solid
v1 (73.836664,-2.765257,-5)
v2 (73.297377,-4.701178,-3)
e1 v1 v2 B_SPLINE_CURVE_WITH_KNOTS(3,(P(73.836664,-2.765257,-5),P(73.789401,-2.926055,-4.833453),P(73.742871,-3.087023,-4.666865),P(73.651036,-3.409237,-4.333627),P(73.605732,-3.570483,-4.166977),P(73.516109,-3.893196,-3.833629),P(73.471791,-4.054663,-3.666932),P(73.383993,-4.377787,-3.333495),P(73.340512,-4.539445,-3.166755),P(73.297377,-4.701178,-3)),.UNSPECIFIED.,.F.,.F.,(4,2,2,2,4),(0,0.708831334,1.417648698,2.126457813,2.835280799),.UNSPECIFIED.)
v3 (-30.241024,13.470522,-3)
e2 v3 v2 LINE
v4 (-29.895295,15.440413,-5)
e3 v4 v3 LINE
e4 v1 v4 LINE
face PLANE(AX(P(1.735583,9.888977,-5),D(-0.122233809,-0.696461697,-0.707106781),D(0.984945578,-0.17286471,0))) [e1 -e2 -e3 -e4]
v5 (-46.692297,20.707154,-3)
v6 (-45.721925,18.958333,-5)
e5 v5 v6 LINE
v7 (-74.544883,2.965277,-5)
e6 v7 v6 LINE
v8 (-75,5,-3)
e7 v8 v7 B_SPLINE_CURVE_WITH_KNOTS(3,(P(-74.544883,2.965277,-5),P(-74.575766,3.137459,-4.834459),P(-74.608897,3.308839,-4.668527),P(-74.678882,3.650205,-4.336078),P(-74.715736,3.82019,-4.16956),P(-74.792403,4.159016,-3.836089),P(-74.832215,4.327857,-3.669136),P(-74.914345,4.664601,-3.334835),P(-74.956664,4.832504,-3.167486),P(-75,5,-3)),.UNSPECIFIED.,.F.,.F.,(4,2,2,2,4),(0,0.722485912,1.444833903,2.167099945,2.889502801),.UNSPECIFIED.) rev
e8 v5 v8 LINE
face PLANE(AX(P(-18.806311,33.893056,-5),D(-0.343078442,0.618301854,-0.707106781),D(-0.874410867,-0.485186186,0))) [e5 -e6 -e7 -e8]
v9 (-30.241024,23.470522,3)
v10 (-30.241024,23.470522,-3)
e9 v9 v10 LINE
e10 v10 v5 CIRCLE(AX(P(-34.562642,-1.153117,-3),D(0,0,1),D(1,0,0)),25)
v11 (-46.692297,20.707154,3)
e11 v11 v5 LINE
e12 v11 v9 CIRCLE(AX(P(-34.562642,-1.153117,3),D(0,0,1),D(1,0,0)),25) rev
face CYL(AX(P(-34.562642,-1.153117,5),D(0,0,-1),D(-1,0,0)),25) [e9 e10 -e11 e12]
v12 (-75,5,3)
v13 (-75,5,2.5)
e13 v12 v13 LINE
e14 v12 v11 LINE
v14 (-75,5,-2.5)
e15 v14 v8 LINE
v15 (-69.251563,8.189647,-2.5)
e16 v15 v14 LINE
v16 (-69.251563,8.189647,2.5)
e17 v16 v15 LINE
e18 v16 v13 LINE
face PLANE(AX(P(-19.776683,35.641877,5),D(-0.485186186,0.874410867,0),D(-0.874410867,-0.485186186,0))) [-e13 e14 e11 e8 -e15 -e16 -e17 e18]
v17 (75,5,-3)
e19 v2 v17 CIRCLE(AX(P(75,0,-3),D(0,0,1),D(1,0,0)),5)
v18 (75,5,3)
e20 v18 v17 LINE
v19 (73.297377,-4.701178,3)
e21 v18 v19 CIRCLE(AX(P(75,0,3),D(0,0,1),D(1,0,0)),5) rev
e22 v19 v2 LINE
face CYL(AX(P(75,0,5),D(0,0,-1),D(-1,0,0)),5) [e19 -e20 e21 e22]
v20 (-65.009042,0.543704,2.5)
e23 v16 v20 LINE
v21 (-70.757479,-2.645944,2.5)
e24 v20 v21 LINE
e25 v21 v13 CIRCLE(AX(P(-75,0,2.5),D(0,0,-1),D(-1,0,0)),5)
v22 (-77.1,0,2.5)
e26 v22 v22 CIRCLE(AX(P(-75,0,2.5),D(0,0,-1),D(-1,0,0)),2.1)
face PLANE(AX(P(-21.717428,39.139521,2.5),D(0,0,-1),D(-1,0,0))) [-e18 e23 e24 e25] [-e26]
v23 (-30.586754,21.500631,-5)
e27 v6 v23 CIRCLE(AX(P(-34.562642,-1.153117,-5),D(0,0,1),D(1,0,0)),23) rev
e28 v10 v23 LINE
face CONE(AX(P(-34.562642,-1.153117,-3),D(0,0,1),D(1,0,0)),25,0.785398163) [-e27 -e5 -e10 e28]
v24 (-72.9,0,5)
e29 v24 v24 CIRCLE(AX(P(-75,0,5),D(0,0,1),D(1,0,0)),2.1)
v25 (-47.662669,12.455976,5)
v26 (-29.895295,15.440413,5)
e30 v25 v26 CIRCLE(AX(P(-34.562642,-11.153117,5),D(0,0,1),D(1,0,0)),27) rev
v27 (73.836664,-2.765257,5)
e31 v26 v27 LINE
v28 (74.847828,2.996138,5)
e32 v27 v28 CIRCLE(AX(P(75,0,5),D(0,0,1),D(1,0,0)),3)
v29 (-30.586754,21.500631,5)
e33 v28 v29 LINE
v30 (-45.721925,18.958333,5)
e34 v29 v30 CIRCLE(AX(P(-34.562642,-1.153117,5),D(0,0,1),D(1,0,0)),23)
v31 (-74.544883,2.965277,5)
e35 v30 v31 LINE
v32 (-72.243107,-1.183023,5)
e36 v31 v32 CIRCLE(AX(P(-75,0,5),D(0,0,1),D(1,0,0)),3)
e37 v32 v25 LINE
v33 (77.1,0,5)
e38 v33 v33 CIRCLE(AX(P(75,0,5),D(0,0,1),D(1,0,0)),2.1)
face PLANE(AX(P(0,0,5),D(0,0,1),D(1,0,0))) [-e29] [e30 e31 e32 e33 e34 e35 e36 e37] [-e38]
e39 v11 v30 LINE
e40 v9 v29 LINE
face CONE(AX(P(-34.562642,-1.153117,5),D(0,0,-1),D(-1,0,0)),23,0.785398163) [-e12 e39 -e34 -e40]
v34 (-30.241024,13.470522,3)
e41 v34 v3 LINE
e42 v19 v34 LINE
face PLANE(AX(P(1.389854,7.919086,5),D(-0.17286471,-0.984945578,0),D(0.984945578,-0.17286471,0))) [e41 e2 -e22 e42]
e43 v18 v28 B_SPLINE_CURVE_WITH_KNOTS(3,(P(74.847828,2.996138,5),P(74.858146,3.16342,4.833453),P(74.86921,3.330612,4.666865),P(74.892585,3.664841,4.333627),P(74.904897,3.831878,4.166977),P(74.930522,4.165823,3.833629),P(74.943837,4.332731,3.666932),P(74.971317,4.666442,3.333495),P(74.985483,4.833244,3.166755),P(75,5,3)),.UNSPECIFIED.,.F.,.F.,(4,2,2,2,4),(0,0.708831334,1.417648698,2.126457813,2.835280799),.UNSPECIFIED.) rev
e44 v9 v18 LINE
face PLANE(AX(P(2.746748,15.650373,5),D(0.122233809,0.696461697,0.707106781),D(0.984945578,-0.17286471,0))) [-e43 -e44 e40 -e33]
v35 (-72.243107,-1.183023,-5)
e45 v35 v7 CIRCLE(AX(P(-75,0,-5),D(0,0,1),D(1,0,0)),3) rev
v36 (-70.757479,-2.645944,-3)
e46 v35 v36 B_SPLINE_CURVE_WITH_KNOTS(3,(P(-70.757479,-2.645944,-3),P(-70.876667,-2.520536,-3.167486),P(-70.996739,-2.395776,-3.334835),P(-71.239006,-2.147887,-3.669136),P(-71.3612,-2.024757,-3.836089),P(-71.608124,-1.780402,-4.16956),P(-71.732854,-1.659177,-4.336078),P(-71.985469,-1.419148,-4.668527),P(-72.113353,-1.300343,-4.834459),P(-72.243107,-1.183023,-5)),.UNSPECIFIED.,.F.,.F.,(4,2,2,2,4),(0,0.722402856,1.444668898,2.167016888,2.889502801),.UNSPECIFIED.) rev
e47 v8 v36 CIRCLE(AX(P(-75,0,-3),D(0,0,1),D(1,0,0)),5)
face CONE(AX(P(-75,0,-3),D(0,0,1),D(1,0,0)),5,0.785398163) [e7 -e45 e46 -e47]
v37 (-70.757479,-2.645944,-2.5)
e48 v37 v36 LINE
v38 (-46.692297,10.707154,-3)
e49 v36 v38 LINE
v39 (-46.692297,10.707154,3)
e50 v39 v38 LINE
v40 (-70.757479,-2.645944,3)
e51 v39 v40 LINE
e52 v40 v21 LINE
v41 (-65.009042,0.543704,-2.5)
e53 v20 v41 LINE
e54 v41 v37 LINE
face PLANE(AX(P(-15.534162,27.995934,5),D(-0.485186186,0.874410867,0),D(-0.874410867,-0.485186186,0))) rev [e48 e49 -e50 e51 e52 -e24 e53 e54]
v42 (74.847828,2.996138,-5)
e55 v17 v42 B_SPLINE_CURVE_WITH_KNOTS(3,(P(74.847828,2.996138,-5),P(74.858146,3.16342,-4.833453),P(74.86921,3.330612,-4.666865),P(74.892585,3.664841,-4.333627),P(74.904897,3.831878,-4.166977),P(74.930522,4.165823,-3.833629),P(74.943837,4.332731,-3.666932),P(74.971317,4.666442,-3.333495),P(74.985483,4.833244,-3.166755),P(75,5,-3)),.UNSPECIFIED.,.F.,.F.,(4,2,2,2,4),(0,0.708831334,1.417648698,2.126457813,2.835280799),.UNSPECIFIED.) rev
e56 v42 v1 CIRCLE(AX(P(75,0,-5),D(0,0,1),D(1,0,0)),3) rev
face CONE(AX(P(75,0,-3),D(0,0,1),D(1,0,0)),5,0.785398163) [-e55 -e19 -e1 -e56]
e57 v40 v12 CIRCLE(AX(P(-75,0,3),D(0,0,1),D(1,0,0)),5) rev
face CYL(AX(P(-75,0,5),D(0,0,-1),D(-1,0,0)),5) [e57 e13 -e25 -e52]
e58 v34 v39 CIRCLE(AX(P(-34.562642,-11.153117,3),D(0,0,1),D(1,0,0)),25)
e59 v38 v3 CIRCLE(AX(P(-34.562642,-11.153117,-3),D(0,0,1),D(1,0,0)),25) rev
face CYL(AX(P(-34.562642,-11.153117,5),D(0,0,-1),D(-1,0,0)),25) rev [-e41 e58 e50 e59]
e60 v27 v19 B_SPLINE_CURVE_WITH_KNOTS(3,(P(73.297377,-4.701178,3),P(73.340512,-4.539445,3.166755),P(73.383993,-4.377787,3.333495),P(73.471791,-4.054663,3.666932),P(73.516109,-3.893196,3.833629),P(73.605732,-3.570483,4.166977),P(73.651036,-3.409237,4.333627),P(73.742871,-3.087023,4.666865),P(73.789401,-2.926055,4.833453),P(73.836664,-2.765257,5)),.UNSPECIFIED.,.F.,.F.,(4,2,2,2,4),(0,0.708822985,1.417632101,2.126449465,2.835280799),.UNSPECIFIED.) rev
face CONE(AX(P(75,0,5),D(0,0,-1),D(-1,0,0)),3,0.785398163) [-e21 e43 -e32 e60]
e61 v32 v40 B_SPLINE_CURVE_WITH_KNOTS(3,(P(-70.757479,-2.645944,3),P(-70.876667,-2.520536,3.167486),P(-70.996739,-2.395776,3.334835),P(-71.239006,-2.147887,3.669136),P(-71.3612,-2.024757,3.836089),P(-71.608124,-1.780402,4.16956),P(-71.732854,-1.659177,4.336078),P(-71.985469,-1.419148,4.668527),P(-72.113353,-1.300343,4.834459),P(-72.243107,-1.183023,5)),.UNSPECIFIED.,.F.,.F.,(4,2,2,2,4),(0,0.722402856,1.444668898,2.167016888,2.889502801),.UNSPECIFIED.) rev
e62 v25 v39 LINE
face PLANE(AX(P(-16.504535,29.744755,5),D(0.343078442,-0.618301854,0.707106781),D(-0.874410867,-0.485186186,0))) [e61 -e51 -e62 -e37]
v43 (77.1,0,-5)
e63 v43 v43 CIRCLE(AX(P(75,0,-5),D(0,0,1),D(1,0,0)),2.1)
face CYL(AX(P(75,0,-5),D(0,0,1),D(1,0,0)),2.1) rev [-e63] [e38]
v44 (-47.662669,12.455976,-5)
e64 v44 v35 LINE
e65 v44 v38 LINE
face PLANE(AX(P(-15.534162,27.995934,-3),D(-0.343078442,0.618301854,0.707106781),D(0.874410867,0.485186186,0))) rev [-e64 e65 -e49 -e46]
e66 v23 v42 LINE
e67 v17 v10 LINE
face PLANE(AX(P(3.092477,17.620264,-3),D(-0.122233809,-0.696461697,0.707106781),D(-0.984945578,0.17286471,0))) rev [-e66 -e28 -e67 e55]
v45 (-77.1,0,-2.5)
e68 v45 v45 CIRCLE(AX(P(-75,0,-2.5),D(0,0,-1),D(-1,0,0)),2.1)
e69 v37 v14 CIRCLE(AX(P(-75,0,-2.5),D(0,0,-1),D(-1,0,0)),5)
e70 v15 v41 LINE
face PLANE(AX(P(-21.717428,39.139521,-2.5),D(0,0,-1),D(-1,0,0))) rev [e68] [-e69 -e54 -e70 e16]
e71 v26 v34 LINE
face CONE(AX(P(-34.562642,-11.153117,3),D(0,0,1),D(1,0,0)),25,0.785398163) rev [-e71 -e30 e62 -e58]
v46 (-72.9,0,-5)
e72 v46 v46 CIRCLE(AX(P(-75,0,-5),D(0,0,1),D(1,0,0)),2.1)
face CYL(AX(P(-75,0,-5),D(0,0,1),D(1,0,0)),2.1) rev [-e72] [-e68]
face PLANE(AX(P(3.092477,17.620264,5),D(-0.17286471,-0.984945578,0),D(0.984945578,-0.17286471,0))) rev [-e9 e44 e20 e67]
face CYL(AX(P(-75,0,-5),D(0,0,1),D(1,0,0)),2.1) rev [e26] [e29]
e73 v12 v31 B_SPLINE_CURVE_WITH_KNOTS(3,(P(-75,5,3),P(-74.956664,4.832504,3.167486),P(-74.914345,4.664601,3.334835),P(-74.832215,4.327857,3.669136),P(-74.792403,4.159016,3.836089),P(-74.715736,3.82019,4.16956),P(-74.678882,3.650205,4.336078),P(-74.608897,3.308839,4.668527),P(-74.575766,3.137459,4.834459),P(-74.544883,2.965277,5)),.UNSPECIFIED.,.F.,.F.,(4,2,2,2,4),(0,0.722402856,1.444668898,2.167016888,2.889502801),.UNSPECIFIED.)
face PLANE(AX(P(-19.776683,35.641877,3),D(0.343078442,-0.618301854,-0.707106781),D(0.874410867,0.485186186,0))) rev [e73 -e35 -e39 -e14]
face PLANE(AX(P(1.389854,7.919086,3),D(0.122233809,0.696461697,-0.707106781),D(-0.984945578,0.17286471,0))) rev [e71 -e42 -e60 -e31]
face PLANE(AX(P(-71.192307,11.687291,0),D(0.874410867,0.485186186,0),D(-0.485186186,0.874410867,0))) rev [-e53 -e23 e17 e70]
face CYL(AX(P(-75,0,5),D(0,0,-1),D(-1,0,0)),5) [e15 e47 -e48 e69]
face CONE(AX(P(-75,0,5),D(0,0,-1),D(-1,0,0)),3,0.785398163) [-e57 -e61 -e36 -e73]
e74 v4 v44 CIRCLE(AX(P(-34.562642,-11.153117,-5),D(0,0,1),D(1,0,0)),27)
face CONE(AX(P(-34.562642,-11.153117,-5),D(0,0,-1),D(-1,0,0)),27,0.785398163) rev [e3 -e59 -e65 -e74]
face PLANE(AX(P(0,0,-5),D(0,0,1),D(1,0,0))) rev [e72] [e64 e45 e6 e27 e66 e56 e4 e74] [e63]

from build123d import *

# Parameters (mm, degrees)
BOSS_EXTRUDE2_DEPTH     = 5
CHAMFER2_SIZE           = 2
CUT_EXTRUDE2_DEPTH      = 4
CUT_EXTRUDE2_DEPTH_BACK = 14
SKETCH3_W               = 18
SKETCH3_H               = 5
SKETCH4_R               = 2.1
CUT_EXTRUDE3_DEPTH      = 85.075405536
CHAMFER3_SIZE           = 2


with BuildPart() as part:
    # Sketch1 → Boss-Extrude2 (new, symmetric)
    with BuildSketch(Plane.XY):
        with BuildLine():
            ThreePointArc((-75, 5), (-79.372054336, -2.425930931), (-70.757479261, -2.645943647))
            Line((-70.757479261, -2.645943647), (-46.692296896, 10.707154411))
            ThreePointArc((-46.692296896, 10.707154411), (-38.703947646, 13.501488579), (-30.241024495, 13.470522187))
            Line((-30.241024495, 13.470522187), (73.297376685, -4.701177921))
            ThreePointArc((73.297376685, -4.701177921), (79.924727891, -0.864323549), (75, 5))
            Line((75, 5), (-30.241024495, 23.470522187))
            ThreePointArc((-30.241024495, 23.470522187), (-38.703947646, 23.501488579), (-46.692296896, 20.707154411))
            Line((-46.692296896, 20.707154411), (-75, 5))
        make_face()
    extrude(amount=BOSS_EXTRUDE2_DEPTH, both=True)

    # Chamfer2
    chamfer2_edges = [part.edges().sort_by_distance(p)[0] for p in [
        (-79.372054336, -2.425930931, -5),
        (-60.846148448, 12.853577206, -5),
        (-38.703947646, 23.501488579, -5),
        (22.379487752, 14.235261094, -5),
        (79.924727891, -0.864323549, -5),
        (21.528176095, 4.384672133, -5),
        (-38.703947646, 13.501488579, -5),
        (-58.724888079, 4.030605382, -5),
    ]]
    chamfer(chamfer2_edges, length=CHAMFER2_SIZE)

    # Sketch3 → Cut-Extrude2 (cut, two sides: drawn at the far end of the back side and taken through both)
    with BuildSketch(Plane(origin=(-19.776683018, 35.641877363, 0), x_dir=(0.8744108672058327, 0.48518618623405146, 0), z_dir=(-0.48518618623405146, 0.8744108672058327, 0)).offset(-CUT_EXTRUDE2_DEPTH_BACK)):
        with Locations((-65.58081504, 0)):
            Rectangle(SKETCH3_W, SKETCH3_H)
    extrude(amount=CUT_EXTRUDE2_DEPTH + CUT_EXTRUDE2_DEPTH_BACK, mode=Mode.SUBTRACT)

    # Sketch4 → Cut-Extrude3 (cut, through all)
    with BuildSketch(Plane.XY.offset(5)):
        with Locations((-75, 0)):
            Circle(SKETCH4_R)
        with Locations((75, 0)):
            Circle(SKETCH4_R)
    extrude(amount=-CUT_EXTRUDE3_DEPTH, mode=Mode.SUBTRACT)

    # Chamfer3
    chamfer3_edges = [part.edges().sort_by_distance(p)[0] for p in [
        (79.924727891, -0.864323549, 5),
        (21.528176095, 4.384672133, 5),
        (-38.703947646, 13.501488579, 5),
        (-58.724888079, 4.030605382, 5),
        (-79.372054336, -2.425930931, 5),
        (-60.846148448, 12.853577206, 5),
        (-38.703947646, 23.501488579, 5),
        (22.379487752, 14.235261094, 5),
    ]]
    chamfer(chamfer3_edges, length=CHAMFER3_SIZE)


solid = part.part
